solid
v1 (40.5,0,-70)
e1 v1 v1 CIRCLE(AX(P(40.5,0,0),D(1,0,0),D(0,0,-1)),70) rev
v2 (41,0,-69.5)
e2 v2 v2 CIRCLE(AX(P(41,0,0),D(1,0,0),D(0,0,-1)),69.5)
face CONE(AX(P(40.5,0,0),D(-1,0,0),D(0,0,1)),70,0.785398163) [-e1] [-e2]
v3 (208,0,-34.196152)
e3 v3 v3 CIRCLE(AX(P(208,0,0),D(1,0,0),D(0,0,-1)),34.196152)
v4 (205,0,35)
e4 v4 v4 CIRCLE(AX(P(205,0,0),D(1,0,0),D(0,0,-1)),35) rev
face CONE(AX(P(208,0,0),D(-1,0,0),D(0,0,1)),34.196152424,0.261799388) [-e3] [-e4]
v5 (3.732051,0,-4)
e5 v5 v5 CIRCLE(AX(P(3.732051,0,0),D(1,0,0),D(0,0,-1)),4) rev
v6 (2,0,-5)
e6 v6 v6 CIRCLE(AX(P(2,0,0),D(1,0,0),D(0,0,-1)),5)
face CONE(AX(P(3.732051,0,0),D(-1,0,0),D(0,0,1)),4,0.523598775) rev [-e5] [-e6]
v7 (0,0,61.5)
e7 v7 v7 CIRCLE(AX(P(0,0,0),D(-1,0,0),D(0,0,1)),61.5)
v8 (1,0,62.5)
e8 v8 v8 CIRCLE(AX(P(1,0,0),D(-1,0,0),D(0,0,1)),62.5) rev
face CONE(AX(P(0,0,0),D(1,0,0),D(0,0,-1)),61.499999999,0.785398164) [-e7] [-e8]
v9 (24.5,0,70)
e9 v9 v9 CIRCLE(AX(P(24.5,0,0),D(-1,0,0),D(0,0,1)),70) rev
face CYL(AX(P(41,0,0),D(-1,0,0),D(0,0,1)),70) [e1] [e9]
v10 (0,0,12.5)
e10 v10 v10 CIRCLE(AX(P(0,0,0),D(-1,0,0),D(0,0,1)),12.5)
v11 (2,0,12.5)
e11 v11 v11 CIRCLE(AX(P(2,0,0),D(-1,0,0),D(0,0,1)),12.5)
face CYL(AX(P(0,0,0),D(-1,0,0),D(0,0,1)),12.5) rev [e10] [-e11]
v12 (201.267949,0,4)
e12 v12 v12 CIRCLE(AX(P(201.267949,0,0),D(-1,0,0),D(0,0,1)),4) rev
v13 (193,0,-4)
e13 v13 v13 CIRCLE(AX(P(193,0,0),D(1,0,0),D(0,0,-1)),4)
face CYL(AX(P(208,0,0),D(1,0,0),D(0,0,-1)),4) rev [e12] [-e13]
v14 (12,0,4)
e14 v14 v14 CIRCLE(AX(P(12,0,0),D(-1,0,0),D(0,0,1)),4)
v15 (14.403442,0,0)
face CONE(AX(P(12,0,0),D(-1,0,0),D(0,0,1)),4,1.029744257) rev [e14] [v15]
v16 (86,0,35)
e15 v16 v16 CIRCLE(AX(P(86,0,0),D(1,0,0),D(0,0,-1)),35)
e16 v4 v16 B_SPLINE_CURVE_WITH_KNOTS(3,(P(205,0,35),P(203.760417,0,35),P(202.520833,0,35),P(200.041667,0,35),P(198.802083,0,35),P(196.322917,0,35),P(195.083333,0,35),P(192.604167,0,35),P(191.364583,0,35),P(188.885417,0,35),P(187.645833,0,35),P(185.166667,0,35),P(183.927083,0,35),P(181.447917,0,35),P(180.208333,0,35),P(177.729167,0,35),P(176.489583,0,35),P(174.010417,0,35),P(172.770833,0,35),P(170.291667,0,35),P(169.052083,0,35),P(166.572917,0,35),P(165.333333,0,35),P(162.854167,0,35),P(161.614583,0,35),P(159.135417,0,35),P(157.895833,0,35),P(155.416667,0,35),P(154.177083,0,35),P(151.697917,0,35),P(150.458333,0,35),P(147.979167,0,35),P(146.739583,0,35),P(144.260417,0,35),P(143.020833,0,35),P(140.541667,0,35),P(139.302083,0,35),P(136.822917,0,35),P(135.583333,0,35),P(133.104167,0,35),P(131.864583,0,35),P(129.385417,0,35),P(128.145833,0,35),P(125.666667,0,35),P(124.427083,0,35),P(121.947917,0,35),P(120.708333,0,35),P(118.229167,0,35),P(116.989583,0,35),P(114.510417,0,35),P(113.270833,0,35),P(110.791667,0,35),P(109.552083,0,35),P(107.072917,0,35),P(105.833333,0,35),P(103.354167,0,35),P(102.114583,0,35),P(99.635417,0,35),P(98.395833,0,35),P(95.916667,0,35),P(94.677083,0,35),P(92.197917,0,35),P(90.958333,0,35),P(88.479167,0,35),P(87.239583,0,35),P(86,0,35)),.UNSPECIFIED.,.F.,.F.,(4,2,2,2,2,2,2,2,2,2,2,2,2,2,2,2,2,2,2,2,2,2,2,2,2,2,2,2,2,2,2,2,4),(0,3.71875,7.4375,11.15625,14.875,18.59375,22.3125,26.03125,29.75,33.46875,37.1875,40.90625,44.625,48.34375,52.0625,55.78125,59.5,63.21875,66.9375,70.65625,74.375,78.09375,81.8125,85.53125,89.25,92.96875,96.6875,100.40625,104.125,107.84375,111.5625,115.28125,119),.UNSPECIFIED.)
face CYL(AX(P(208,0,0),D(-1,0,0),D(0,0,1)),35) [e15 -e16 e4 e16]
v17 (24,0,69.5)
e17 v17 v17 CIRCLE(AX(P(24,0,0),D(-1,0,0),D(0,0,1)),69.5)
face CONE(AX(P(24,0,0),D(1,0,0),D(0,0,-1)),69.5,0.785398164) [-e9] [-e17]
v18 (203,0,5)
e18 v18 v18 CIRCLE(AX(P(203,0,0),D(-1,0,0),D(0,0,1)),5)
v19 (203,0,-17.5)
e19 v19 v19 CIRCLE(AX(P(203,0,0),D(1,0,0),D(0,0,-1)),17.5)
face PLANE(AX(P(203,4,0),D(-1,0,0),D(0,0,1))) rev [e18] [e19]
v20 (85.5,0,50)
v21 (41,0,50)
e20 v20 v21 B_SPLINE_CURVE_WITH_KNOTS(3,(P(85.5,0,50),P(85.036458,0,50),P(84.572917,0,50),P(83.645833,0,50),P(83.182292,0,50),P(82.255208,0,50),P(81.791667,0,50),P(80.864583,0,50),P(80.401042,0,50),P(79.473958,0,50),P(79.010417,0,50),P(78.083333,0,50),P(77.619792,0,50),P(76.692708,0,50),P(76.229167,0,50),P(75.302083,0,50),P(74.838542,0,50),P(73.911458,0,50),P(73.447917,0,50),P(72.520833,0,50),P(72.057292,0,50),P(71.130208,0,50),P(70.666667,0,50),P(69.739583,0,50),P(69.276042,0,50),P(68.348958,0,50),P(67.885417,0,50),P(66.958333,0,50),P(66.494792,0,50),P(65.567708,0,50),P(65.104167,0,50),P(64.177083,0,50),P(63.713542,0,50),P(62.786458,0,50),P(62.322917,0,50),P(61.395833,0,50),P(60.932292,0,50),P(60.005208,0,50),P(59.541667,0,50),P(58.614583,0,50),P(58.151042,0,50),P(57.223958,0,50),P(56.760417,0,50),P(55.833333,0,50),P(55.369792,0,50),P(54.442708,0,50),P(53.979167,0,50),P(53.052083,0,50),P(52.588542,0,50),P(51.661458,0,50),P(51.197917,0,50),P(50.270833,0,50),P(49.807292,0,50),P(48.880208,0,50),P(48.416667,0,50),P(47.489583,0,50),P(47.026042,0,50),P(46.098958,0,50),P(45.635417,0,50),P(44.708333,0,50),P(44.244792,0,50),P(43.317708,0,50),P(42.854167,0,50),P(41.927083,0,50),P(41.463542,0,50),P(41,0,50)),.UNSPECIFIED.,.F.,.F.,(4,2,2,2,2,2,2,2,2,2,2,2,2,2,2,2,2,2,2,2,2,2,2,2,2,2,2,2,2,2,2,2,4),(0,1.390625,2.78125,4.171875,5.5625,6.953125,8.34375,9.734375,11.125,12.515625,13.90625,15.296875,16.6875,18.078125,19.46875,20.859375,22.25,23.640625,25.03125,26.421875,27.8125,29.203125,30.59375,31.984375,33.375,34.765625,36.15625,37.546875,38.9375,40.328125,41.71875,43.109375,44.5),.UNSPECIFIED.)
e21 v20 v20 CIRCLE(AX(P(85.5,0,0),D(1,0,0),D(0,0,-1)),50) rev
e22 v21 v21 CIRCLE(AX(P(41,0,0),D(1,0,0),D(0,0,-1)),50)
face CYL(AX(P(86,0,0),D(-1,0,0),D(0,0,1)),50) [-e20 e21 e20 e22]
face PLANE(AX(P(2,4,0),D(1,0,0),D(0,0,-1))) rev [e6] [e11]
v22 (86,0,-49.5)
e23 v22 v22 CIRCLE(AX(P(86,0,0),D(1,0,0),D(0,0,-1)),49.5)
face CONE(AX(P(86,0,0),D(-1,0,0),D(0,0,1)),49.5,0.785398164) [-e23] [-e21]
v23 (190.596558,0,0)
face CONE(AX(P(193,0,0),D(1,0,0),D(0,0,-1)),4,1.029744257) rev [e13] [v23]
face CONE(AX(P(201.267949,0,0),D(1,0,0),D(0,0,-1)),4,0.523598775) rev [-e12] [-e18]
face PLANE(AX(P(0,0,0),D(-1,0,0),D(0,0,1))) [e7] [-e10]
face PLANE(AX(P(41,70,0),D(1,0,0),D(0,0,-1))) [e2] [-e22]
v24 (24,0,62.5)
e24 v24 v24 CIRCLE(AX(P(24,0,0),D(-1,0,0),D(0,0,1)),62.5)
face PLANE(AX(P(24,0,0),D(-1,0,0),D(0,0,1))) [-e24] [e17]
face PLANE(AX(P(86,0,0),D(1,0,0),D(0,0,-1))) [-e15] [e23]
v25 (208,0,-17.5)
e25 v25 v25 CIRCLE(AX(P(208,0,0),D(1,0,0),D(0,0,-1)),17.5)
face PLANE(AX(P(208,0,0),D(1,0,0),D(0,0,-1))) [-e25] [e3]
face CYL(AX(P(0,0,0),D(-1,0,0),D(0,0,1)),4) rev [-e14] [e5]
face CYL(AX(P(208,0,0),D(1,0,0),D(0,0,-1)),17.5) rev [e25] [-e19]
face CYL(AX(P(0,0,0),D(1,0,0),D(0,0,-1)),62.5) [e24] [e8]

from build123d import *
from OCP.BRepFilletAPI import BRepFilletAPI_MakeChamfer

# Parameters (mm, degrees)
SKETCH_1_W                = 17
SKETCH_1_H                = 70
SKETCH_2_R                = 62.5
EXTRUDE_1_DEPTH           = 24
SKETCH_3_R                = 50
EXTRUDE_2_DEPTH           = 45
SKETCH_4_R                = 35
EXTRUDE_3_DEPTH           = 122
HOLE_WIZARD_3_D           = 8
HOLE_WIZARD_3_DEPTH       = 15
HOLE_WIZARD_3_CBORE_D     = 35
HOLE_WIZARD_3_CBORE_DEPTH = 5
HOLE_WIZARD_3_TIP         = 2.403442476
HOLE_WIZARD_5_D           = 8
HOLE_WIZARD_5_DEPTH       = 12
HOLE_WIZARD_5_CBORE_D     = 25
HOLE_WIZARD_5_CBORE_DEPTH = 2
HOLE_WIZARD_5_TIP         = 2.403442476
CHAMFER_2_SIZE            = 0.803847576
CHAMFER_2_SIZE2           = 3
CHAMFER_3_SIZE            = 0.999999999
CHAMFER_3_SIZE2           = 1.732050808
CHAMFER_4_SIZE            = 0.5
CHAMFER_5_SIZE            = 0.999999999
CHAMFER_5_SIZE2           = 1.000000001


with BuildPart() as part:
    # 草圖1 → 旋轉1 (revolve)
    with BuildSketch(Plane(origin=(0, 0, 0), x_dir=(-1, 0, 0), z_dir=(0, 0, -1)), mode=Mode.PRIVATE) as revolve_1_sk:
        with Locations((-32.5, 35)):
            Rectangle(SKETCH_1_W, SKETCH_1_H)
    revolve(revolve_1_sk.sketch.rotate(Axis((41, 0, 0), (-1, 0, 0)), 270), axis=Axis((41, 0, 0), (-1, 0, 0)))

    # 草圖2 → 填料-伸長1 (add)
    with BuildSketch(Plane.ZY.offset(-24)):
        Circle(SKETCH_2_R)
    extrude(amount=EXTRUDE_1_DEPTH)

    # 草圖3 → 填料-伸長2 (add)
    with BuildSketch(Plane(origin=(41, 0, 0), x_dir=(0, 0, -1), z_dir=(1, 0, 0))):
        with Locations(Location((0, 0, 0), (0, 0, 180))):
            Circle(SKETCH_3_R)
    extrude(amount=EXTRUDE_2_DEPTH)

    # 草圖4 → 填料-伸長3 (add)
    with BuildSketch(Plane(origin=(86, 0, 0), x_dir=(0, 0, -1), z_dir=(1, 0, 0))):
        with Locations(Location((0, 0, 0), (0, 0, 180))):
            Circle(SKETCH_4_R)
    extrude(amount=EXTRUDE_3_DEPTH)

    # 鑽孔3
    with Locations(Plane(origin=(208, 0, 0), x_dir=(0, 0, -1), z_dir=(1, 0, 0))):
        with Locations((0, 0)):
            CounterBoreHole(HOLE_WIZARD_3_D / 2, HOLE_WIZARD_3_CBORE_D / 2, HOLE_WIZARD_3_CBORE_DEPTH, depth=HOLE_WIZARD_3_DEPTH)
            with Locations((0, 0, -(HOLE_WIZARD_3_DEPTH + HOLE_WIZARD_3_TIP / 2))):  # 118° drill point
                Cone(0, HOLE_WIZARD_3_D / 2, HOLE_WIZARD_3_TIP, mode=Mode.SUBTRACT)

    # 鑽孔5
    with Locations(Plane.ZY):
        with Locations((0, 0)):
            CounterBoreHole(HOLE_WIZARD_5_D / 2, HOLE_WIZARD_5_CBORE_D / 2, HOLE_WIZARD_5_CBORE_DEPTH, depth=HOLE_WIZARD_5_DEPTH)
            with Locations((0, 0, -(HOLE_WIZARD_5_DEPTH + HOLE_WIZARD_5_TIP / 2))):  # 118° drill point
                Cone(0, HOLE_WIZARD_5_D / 2, HOLE_WIZARD_5_TIP, mode=Mode.SUBTRACT)

    # 導角2
    chamfer_2_edges = [part.edges().sort_by_distance(p)[0] for p in [
        (208, 0, -35),
    ]]
    chamfer_2_side = [part.faces().sort_by_distance(p)[0] for p in [
        (208, 0, -34.010050506),
    ]]
    chamfer(chamfer_2_edges, length=CHAMFER_2_SIZE, length2=CHAMFER_2_SIZE2, reference=chamfer_2_side[0])

    # 導角3: one chamfer whose edges measure the first distance from different faces: ONE call of the kernel's chamfer builder (chamfer() names one face for all edges)
    chamfer_3_edges_1 = [part.edges().sort_by_distance(p)[0] for p in [
        (203, 0, -4),
    ]]
    chamfer_3_side_1 = [part.faces().sort_by_distance(p)[0] for p in [
        (203, 0, 17.005025253),
    ]]
    chamfer_3_edges_2 = [part.edges().sort_by_distance(p)[0] for p in [
        (2, 0, 4),
    ]]
    chamfer_3_side_2 = [part.faces().sort_by_distance(p)[0] for p in [
        (2, 0, -12.146446609),
    ]]
    chamfer_3 = BRepFilletAPI_MakeChamfer(part.part.solid().wrapped)
    for e in chamfer_3_edges_1:
        chamfer_3.Add(CHAMFER_3_SIZE, CHAMFER_3_SIZE2, e.wrapped, chamfer_3_side_1[0].wrapped)  # the first distance lies on this face
    for e in chamfer_3_edges_2:
        chamfer_3.Add(CHAMFER_3_SIZE, CHAMFER_3_SIZE2, e.wrapped, chamfer_3_side_2[0].wrapped)  # the first distance lies on this face
    add(Compound.cast(chamfer_3.Shape()), mode=Mode.REPLACE)

    # 導角4
    chamfer_4_edges = [part.edges().sort_by_distance(p)[0] for p in [
        (86, 0, -50),
        (24, 0, -70),
        (41, 0, -70),
    ]]
    chamfer(chamfer_4_edges, length=CHAMFER_4_SIZE)

    # 導角5
    chamfer_5_edges = [part.edges().sort_by_distance(p)[0] for p in [
        (0, 0, -62.5),
    ]]
    chamfer_5_side = [part.faces().sort_by_distance(p)[0] for p in [
        (12, 0, -62.5),
    ]]
    chamfer(chamfer_5_edges, length=CHAMFER_5_SIZE, length2=CHAMFER_5_SIZE2, reference=chamfer_5_side[0])


solid = part.part
